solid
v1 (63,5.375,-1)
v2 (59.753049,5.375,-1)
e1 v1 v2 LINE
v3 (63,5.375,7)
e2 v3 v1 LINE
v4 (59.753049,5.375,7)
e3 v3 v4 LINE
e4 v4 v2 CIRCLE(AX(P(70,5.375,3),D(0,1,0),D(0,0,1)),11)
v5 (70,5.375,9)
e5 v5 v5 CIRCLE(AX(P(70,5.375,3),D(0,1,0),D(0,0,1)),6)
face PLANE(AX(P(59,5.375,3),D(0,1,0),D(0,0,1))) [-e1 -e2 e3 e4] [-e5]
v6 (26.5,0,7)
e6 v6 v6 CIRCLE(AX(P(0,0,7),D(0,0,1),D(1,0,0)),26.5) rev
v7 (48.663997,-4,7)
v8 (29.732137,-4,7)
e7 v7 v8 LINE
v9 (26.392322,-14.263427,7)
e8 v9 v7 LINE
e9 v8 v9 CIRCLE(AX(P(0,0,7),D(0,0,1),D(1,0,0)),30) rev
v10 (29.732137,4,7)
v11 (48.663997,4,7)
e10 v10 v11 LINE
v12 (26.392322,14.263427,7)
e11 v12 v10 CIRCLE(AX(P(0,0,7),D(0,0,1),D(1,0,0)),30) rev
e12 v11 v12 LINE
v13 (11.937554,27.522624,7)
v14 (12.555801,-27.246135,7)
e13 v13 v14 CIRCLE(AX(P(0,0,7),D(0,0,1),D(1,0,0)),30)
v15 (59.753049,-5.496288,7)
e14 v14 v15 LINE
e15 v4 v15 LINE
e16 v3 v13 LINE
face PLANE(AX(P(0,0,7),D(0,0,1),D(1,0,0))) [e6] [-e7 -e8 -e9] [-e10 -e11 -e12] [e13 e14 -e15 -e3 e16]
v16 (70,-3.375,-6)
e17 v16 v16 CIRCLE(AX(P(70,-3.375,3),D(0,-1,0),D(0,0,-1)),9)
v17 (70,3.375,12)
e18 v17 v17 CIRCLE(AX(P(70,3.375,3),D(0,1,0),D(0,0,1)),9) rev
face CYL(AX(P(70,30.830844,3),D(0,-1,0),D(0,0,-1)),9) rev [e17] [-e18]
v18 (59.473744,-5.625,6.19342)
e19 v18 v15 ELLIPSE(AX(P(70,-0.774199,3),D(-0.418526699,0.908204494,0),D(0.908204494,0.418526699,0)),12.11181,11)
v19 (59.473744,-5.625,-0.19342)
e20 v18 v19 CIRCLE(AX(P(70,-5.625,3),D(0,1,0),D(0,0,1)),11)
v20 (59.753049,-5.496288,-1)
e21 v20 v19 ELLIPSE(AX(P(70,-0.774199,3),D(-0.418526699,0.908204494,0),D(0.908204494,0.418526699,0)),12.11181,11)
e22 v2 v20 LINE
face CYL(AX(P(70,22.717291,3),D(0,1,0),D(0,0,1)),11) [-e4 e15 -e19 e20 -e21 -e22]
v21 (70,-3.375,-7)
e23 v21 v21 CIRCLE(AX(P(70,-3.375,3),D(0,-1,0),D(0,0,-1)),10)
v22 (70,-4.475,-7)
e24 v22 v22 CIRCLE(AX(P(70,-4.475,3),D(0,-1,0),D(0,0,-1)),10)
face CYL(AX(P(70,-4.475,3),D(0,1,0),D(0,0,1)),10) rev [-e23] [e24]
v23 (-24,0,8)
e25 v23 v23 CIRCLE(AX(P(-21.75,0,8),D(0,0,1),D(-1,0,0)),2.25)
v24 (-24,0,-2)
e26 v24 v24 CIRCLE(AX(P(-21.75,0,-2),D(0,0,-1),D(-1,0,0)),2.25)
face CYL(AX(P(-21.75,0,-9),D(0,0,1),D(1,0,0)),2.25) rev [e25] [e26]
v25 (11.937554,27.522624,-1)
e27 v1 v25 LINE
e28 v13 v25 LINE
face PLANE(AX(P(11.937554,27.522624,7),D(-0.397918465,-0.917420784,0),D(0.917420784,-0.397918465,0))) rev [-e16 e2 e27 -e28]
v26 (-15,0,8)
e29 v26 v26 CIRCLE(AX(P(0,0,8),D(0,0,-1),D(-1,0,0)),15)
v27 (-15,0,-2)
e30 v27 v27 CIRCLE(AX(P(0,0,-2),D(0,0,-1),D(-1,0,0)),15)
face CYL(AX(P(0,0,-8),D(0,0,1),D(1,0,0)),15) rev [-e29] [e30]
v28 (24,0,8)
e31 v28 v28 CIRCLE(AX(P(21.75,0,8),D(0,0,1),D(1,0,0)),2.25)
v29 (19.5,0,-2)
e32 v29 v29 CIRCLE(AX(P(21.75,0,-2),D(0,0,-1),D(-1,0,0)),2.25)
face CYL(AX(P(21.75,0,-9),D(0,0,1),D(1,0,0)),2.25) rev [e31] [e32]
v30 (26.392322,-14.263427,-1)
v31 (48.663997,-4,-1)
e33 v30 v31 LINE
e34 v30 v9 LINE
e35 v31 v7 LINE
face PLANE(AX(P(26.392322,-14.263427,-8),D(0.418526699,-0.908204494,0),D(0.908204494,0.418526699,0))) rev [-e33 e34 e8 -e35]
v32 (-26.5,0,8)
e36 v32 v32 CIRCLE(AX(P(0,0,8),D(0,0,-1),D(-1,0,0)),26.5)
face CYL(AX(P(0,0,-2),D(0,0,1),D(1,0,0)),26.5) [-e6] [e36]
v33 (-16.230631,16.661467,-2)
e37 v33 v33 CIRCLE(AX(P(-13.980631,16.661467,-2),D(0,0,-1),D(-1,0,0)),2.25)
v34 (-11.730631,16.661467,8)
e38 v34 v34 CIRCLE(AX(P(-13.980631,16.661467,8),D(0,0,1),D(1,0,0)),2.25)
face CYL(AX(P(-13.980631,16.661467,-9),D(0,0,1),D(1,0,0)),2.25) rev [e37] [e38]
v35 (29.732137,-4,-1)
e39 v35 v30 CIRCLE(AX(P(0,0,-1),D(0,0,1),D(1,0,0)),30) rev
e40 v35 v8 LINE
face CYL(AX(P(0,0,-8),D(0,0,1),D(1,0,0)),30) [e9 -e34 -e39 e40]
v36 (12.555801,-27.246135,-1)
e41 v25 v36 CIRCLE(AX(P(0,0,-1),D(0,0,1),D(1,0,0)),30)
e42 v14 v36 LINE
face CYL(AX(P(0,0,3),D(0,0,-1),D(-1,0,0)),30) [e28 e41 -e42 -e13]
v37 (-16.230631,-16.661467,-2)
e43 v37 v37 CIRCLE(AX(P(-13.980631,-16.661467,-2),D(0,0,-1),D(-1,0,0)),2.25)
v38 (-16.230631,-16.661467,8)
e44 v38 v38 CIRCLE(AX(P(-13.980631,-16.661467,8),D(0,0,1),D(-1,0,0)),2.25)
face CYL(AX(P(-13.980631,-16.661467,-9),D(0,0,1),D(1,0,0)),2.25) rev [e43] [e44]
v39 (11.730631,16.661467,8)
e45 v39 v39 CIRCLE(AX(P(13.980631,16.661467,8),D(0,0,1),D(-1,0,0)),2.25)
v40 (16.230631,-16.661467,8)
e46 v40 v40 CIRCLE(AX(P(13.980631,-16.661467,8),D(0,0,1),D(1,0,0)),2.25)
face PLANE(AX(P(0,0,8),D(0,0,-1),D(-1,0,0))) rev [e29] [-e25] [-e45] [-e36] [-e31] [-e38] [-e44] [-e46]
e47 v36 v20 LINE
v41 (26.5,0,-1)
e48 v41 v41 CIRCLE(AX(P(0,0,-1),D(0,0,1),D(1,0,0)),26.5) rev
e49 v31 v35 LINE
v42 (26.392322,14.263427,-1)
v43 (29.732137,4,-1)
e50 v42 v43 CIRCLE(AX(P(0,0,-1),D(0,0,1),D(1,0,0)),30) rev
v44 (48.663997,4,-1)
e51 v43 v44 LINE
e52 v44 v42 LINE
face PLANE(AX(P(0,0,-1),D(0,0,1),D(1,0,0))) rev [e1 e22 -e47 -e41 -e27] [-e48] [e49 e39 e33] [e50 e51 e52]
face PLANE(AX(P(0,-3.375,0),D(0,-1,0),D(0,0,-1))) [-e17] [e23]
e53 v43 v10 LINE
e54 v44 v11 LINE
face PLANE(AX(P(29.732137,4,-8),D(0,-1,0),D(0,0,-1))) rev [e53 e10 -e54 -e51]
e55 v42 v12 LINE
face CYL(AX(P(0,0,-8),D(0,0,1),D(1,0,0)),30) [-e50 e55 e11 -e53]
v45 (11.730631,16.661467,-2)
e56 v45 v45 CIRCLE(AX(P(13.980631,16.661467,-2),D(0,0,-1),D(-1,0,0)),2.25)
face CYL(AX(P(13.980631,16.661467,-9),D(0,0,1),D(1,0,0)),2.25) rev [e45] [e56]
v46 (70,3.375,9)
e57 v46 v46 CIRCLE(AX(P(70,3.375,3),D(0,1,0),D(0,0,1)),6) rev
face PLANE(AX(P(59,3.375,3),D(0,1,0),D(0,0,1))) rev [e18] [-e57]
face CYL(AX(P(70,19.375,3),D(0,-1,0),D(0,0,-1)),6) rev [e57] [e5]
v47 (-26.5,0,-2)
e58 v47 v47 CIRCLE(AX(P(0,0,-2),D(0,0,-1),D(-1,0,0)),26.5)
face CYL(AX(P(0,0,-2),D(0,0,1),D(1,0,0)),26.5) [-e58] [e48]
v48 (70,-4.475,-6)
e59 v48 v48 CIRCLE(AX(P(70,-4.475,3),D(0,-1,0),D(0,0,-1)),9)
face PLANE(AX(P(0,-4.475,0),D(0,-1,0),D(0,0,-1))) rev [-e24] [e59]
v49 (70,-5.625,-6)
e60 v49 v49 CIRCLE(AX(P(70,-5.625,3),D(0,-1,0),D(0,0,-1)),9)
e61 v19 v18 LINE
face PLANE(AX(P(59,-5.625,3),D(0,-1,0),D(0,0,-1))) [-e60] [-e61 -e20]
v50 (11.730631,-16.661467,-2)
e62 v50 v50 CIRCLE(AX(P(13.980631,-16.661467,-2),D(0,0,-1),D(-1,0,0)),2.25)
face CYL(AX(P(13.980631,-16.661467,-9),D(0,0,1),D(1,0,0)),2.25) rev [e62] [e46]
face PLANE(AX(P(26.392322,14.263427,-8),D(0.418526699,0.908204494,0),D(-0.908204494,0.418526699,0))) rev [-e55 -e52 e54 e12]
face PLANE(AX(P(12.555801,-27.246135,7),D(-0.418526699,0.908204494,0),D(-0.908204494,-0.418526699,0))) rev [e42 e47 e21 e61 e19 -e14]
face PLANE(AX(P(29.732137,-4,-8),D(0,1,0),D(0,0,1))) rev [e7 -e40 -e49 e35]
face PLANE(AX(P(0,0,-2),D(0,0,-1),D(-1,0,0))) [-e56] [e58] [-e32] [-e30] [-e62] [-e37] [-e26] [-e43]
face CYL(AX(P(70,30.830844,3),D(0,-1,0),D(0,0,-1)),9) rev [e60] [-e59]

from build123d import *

# Parameters (mm, degrees)
SKETCH_1_R               = 30
EXTRUDE_1_DEPTH          = 3
SKETCH_2_W               = 11
SKETCH_2_H               = 11
EXTRUDE_2_DEPTH          = 4
SKETCH_4_R               = 6
CUT_EXTRUDE_1_DEPTH      = 25
SKETCH_5_R               = 9
CUT_EXTRUDE_2_DEPTH      = 9
CUT_EXTRUDE_START        = 7.85
SKETCH_6_R               = 10
SKETCH_6_R_2             = 9
CUT_EXTRUDE_3_DEPTH      = 1.1
SKETCH_8_R               = 26.5
EXTRUDE_3_DEPTH          = 5
CUT_EXTRUDE_4_DEPTH      = 88.669835177
CUT_EXTRUDE_4_DEPTH_BACK = 88.669835177
SKETCH_7_R               = 15
SKETCH_10_R              = 2.25
CUT_EXTRUDE_5_DEPTH      = 17


with BuildPart() as part:
    # 草图1 → 凸台-拉伸1 (new body)
    with BuildSketch(Plane.XY):
        Circle(SKETCH_1_R)
    extrude(amount=EXTRUDE_1_DEPTH)



with BuildPart() as body_2:
    # 草图2 → 旋转1 (revolve)
    with BuildSketch(Plane.XY.offset(3), mode=Mode.PRIVATE) as revolve_1_sk:
        with Locations((64.5, -0.125)):
            Rectangle(SKETCH_2_W, SKETCH_2_H)
    revolve(revolve_1_sk.sketch.rotate(Axis((70, 22.717290725, 3), (0, -1, 0)), 270), axis=Axis((70, 22.717290725, 3), (0, -1, 0)))


with BuildPart() as part_1:
    add(part.part)

    add(body_2.part)  # 凸台-拉伸2 merges body 2
    # 草图3 → 凸台-拉伸2 (add, symmetric)
    with BuildSketch(Plane.XY.offset(3)):
        with BuildLine():
            Line((11.937553945, 27.522623527), (63, 5.375))
            Line((63, 5.375), (63, -4))
            Line((63, -4), (12.555800964, -27.246134811))
            ThreePointArc((12.555800964, -27.246134811), (-29.998088792, -0.338627888), (11.937553945, 27.522623527))
        make_face()
    extrude(amount=EXTRUDE_2_DEPTH, both=True)

    # 草图4 → 切除-拉伸1 (cut)
    with BuildSketch(Plane.XZ.offset(5.625)):
        with Locations(Location((70, 3, 0), (0, 0, 270))):
            Circle(SKETCH_4_R)
    extrude(amount=-CUT_EXTRUDE_1_DEPTH, mode=Mode.SUBTRACT)

    # 草图5 → 切除-拉伸2 (cut)
    with BuildSketch(Plane.XZ.offset(5.625)):
        with Locations(Location((70, 3, 0), (0, 0, 270))):
            Circle(SKETCH_5_R)
    extrude(amount=-CUT_EXTRUDE_2_DEPTH, mode=Mode.SUBTRACT)

    # 草图6 → 切除-拉伸3 (cut)
    # profile 1 of 2: a face of its own
    with BuildSketch(Plane.XZ.offset(-3.375).offset(CUT_EXTRUDE_START)):
        with Locations(Location((70, 3, 0), (0, 0, 270))):
            Circle(SKETCH_6_R)
        with Locations(Location((70, 3, 0), (0, 0, 270))):
            Circle(SKETCH_6_R_2, mode=Mode.SUBTRACT)
    # profile 2 of 2: a face of its own
    with BuildSketch(Plane.XZ.offset(-3.375).offset(CUT_EXTRUDE_START)):
        with Locations(Location((70, 3, 0), (0, 0, 270))):
            Circle(SKETCH_6_R_2)
    extrude(amount=-CUT_EXTRUDE_3_DEPTH, mode=Mode.SUBTRACT)

    # 草图8 → 凸台-拉伸3 (add, symmetric)
    with BuildSketch(Plane(origin=(0, 0, 3), x_dir=(-1, 0, 0), z_dir=(0, 0, -1))):
        with Locations(Location((0, 0, 0), (0, 0, 180))):
            Circle(SKETCH_8_R)
    extrude(amount=EXTRUDE_3_DEPTH, both=True)

    # 草图7 → 切除-拉伸4 (cut, two sides: drawn at the far end of the back side and taken through both)
    with BuildSketch(Plane.XY.offset(7).offset(-CUT_EXTRUDE_4_DEPTH_BACK)):
        with Locations(Location((0, 0, 0), (0, 0, 180))):
            Circle(SKETCH_7_R)
        with BuildLine():
            Line((26.392321658, -14.26342727), (48.663997023, -4))
            Line((48.663997023, -4), (29.732137495, -4))
            ThreePointArc((29.732137495, -4), (28.527586888, -9.283145284), (26.392321658, -14.26342727))
        make_face()
        with BuildLine():
            Line((29.732137495, 4), (48.663997023, 4))
            Line((48.663997023, 4), (26.392321658, 14.26342727))
            ThreePointArc((26.392321658, 14.26342727), (28.527586888, 9.283145284), (29.732137495, 4))
        make_face()
    extrude(amount=CUT_EXTRUDE_4_DEPTH + CUT_EXTRUDE_4_DEPTH_BACK, mode=Mode.SUBTRACT)

    # 草图10 → 切除-拉伸5 (cut)
    with BuildSketch(Plane.XY.offset(8)):
        with Locations((21.75, 0)):
            Circle(SKETCH_10_R)
        with Locations((13.980630511, -16.661466638)):
            Circle(SKETCH_10_R)
        with Locations(Location((-21.75, 0, 0), (0, 0, 180))):
            Circle(SKETCH_10_R)
        with Locations(Location((-13.980630511, -16.661466638, 0), (0, 0, 180))):
            Circle(SKETCH_10_R)
        with Locations(Location((13.980630511, 16.661466638, 0), (0, 0, 180))):
            Circle(SKETCH_10_R)
        with Locations((-13.980630511, 16.661466638)):
            Circle(SKETCH_10_R)
    extrude(amount=-CUT_EXTRUDE_5_DEPTH, mode=Mode.SUBTRACT)


solid = part_1.part
